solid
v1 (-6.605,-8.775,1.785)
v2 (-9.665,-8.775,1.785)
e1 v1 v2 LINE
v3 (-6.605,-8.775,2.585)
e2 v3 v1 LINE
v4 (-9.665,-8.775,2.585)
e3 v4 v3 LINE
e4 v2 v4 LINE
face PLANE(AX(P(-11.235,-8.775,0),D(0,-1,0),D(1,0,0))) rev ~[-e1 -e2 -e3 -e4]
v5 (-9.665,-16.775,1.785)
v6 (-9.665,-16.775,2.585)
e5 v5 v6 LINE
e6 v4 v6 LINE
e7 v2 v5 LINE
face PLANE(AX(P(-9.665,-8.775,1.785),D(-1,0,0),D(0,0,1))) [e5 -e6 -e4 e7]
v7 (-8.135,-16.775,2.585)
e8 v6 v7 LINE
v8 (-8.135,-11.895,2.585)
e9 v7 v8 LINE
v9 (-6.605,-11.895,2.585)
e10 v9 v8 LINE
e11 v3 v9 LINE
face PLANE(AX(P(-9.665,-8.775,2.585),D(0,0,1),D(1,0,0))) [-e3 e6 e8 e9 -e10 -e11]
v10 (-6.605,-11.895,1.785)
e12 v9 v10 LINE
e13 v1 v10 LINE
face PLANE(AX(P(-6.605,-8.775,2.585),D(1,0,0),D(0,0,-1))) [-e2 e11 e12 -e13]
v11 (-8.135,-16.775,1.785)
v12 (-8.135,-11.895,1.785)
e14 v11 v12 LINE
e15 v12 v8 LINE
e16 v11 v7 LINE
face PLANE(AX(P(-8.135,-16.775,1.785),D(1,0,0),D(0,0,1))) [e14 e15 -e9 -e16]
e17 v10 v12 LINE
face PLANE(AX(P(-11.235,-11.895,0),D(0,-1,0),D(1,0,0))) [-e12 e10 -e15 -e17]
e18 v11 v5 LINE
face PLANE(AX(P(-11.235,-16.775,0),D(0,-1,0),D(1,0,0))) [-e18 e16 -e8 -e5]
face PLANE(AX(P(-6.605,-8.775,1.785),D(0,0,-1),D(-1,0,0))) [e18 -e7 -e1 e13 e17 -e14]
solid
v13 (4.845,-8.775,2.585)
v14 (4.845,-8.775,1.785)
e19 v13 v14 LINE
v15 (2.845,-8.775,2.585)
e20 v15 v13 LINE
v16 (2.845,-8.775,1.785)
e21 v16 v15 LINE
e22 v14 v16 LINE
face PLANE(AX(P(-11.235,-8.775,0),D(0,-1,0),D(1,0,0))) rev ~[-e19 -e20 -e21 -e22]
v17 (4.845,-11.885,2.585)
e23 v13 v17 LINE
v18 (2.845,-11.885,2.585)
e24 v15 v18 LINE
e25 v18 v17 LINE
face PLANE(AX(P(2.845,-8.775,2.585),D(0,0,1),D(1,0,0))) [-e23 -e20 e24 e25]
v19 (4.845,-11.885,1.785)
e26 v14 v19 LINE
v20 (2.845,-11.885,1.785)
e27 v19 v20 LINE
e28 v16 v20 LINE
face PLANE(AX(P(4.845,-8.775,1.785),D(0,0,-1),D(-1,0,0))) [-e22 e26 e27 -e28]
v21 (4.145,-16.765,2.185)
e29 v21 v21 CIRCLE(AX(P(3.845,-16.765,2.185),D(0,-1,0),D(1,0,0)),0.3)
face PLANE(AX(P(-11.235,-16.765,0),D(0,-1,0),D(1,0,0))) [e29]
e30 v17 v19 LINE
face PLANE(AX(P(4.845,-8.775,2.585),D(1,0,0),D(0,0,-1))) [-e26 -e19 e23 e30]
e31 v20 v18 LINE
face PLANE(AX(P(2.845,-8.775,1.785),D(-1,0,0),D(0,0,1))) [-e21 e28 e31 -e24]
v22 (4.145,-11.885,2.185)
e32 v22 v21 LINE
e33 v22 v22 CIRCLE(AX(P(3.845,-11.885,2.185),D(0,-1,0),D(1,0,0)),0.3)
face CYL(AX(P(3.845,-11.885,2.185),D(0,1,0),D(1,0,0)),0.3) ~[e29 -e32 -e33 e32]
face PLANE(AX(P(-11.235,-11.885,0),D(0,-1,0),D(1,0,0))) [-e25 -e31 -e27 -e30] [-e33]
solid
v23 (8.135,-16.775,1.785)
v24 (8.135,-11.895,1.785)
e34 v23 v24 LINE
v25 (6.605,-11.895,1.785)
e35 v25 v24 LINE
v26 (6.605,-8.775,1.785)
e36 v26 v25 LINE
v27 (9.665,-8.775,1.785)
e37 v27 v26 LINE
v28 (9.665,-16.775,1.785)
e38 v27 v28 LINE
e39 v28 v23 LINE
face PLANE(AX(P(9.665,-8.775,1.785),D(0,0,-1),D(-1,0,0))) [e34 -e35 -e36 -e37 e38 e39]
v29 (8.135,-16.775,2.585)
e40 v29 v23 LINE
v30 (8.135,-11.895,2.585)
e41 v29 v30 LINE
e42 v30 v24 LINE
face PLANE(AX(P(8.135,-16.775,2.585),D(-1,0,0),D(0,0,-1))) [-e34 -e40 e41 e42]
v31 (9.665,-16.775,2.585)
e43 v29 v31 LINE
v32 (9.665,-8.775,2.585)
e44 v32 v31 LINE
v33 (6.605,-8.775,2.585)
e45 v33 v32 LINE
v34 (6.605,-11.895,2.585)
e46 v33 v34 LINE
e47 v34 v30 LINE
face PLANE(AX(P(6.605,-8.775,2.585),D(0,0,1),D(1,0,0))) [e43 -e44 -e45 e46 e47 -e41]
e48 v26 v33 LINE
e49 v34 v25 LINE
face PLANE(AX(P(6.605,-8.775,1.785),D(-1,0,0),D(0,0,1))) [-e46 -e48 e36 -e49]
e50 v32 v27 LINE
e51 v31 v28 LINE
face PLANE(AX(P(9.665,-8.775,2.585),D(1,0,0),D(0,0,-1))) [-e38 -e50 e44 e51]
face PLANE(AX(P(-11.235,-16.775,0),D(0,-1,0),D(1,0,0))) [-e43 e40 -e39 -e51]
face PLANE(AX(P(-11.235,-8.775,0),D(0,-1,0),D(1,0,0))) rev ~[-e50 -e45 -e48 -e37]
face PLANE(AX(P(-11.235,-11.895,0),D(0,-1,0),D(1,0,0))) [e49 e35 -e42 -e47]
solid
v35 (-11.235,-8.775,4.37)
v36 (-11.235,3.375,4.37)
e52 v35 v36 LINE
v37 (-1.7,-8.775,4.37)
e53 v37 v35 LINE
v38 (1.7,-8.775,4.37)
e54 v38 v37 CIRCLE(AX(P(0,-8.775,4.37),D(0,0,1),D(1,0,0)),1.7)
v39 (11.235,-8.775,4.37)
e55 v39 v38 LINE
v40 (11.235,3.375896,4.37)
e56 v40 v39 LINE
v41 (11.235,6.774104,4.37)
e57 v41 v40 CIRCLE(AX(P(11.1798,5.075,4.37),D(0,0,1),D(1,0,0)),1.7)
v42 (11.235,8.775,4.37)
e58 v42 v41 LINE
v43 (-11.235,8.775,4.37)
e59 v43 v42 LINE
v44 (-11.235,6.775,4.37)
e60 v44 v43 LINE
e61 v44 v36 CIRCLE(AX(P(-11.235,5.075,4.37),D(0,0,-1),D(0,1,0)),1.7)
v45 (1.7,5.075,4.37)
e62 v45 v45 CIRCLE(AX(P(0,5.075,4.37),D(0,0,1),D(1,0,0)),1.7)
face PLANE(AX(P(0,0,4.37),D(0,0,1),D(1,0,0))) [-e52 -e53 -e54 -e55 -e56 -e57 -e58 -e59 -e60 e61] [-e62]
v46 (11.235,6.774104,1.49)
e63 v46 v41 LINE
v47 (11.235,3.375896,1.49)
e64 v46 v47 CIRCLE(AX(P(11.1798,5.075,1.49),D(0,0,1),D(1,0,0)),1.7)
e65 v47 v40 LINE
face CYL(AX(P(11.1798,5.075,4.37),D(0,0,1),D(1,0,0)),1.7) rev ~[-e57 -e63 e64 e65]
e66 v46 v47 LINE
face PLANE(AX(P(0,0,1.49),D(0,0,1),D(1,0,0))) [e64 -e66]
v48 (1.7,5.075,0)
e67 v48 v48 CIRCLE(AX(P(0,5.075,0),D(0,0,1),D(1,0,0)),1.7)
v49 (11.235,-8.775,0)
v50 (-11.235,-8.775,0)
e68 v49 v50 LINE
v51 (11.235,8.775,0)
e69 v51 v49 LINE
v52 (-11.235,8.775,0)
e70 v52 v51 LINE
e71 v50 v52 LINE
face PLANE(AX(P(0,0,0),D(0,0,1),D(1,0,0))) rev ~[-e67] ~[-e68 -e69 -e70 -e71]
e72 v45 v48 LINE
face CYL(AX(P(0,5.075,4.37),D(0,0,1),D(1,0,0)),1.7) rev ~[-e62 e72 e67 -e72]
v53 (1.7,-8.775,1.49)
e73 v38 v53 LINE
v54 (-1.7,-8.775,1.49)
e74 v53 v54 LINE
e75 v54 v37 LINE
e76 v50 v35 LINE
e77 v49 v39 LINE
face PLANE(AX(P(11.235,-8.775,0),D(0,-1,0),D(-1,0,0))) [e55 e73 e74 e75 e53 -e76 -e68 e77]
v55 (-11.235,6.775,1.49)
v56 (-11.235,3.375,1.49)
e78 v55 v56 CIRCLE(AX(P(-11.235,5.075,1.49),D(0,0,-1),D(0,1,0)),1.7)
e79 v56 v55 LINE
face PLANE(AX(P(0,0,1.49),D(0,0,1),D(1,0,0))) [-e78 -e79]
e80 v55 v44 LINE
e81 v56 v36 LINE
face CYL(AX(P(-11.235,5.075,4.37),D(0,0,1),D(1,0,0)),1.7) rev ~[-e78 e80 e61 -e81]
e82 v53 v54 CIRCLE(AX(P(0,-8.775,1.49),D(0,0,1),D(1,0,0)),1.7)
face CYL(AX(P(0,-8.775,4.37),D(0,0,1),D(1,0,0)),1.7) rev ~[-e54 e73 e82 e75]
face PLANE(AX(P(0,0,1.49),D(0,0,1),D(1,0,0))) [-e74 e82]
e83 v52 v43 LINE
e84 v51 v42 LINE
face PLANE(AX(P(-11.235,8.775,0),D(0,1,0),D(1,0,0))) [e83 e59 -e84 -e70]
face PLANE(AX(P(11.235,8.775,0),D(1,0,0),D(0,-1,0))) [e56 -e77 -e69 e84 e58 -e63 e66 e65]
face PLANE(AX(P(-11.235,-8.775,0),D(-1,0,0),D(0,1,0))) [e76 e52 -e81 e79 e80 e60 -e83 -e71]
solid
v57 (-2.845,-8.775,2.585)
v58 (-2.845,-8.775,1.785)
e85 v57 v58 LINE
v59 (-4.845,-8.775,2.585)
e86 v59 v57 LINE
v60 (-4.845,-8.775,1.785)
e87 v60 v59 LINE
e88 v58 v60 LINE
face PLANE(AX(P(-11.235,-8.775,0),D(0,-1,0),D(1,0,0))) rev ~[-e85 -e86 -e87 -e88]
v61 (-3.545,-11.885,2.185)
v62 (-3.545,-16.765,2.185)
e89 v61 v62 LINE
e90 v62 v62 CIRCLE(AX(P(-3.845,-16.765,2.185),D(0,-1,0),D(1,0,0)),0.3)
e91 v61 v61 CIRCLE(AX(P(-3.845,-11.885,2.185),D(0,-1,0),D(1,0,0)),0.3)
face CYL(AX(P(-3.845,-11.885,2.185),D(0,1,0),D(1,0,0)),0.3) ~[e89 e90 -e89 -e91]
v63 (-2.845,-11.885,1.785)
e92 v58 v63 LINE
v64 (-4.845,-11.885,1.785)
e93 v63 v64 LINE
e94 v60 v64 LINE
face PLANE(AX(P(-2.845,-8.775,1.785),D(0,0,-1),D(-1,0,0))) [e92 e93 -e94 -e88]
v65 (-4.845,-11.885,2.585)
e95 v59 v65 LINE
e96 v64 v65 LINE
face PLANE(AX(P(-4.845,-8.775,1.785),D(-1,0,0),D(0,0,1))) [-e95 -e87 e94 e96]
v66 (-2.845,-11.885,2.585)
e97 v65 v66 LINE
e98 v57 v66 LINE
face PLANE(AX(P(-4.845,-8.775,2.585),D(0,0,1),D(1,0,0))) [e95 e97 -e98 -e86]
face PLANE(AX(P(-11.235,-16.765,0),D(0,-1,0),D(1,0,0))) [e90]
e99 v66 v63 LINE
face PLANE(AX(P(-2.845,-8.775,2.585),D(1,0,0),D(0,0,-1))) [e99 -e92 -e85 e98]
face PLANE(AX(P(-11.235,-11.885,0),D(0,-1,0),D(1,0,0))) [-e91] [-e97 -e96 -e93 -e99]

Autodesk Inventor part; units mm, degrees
ref_plane "YZ Plane" through (0, 0, 0) normal (1, 0, 0) x (0, 1, 0)
ref_plane "XZ Plane" through (0, 0, 0) normal (0, 1, 0) x (-1, 0, 0)
ref_plane "XY Plane" through (0, 0, 0) normal (0, 0, 1) x (1, 0, 0)
sketch "Skizze1" plane through (0, 0, 0) normal (0, 0, 1) x (1, 0, 0)
  line L0 (-11.235, 8.775) -> (11.235, 8.775)
  line L1 (11.235, 8.775) -> (11.235, -8.775)
  line L2 (11.235, -8.775) -> (-11.235, -8.775)
  line L3 (-11.235, -8.775) -> (-11.235, 8.775)
  line L4 (-11.235, 8.775) -> (11.235, -8.775) construction
  point P0 (0, 0)
  point P1 (0, 0)
  dimension "d0" = 22.47
  dimension "d1" = 17.55
extrude "Extrusion1" add sketch "Skizze1" along normal blind 4.37
sketch "Skizze2" plane through (0, 0, 4.37) normal (0, 0, 1) x (1, 0, 0)
  line L0 (11.235, 8.775) -> (-11.235, 8.775) construction
  line L1 (-11.235, 8.775) -> (-11.235, 6.775) construction
  line L2 (-11.235, 8.775) -> (-11.235, -8.775) construction
  line L3 (-11.235, 6.775) -> (0, 6.775) construction
  line L4 (0, 6.775) -> (0, 5.075) construction
  circle A0 centre (0, 5.075) radius 1.7
  point P0 (0, 0)
  dimension "d4" = 2
  dimension "d5" = 1.7
  dimension "d6" = 3.4
extrude "Extrusion2" cut sketch "Skizze2" against normal blind 4.37
sketch "Skizze4" plane through (0, 0, 4.37) normal (0, 0, 1) x (1, 0, 0)
  circle A0 centre (0, 5.075) radius 1.7 projected
  line L0 (-11.235, 8.775) -> (-11.235, -8.775) construction
  line L1 (-11.235, 5.075) -> (11.1798, 5.075) construction
  circle A1 centre (-11.235, 5.075) radius 1.7
  circle A2 centre (11.1798, 5.075) radius 1.7
  line L2 (-11.235, -8.775) -> (11.235, -8.775) construction
  circle A3 centre (0, -8.775) radius 1.7
  point P0 (0, 0)
  dimension "d14" = 3.4
  dimension "d15" = 3.4
  dimension "d16" = 3.4
extrude "Extrusion4" cut sketch "Skizze4" against normal blind 2.88 contours A1 | A2 | A3
sketch "Skizze5" plane through (-11.235, -8.775, 0) normal (0, -1, 0) x (1, 0, 0)
  line L0 (9.535, 1.49) -> (9.535, 4.37) projected
  line L1 (0, 4.37) -> (9.535, 4.37) projected
  line L2 (0, 0) -> (0, 4.37) projected
  line L3 (22.47, 0) -> (0, 0) projected
  line L4 (22.47, 0) -> (22.47, 4.37) projected
  line L5 (12.935, 4.37) -> (22.47, 4.37) projected
  line L6 (12.935, 4.37) -> (12.935, 1.49) projected
  line L7 (12.935, 1.49) -> (9.535, 1.49) projected
  line L8 (0, 0) -> (0, 4.37) projected
  line L9 (0, 2.185) -> (1.57, 2.185) construction
  line L10 (22.47, 0) -> (22.47, 4.37) projected
  line L11 (22.47, 2.185) -> (20.9, 2.185) construction
  line L12 (1.57, 2.585) -> (4.63, 2.585)
  line L13 (4.63, 2.585) -> (4.63, 1.785)
  line L14 (4.63, 1.785) -> (1.57, 1.785)
  line L15 (1.57, 1.785) -> (1.57, 2.585)
  line L16 (17.84, 2.585) -> (20.9, 2.585)
  line L17 (20.9, 2.585) -> (20.9, 1.785)
  line L18 (20.9, 1.785) -> (17.84, 1.785)
  line L19 (17.84, 1.785) -> (17.84, 2.585)
  point P0 (11.235, 0)
  dimension "d19" = 1.57
  dimension "d20" = 1.57
  dimension "d21" = 3.06
  dimension "d22" = 0.8
  dimension "d23" = 3.06
  dimension "d24" = 0.8
extrude "Extrusion5" add sketch "Skizze5" along normal blind 8 separate body contours L12 L13 L14 L15 | L16 L17 L18 L19
sketch "Skizze6" plane through (-11.235, -16.775, 0) normal (0, -1, 0) x (1, 0, 0)
  line L0 (1.57, 1.785) -> (1.57, 2.585) construction
  line L1 (1.57, 2.185) -> (3.11, 2.185) construction
  line L2 (20.9, 1.785) -> (20.9, 2.585) construction
  line L3 (20.9, 2.185) -> (19.36, 2.185) construction
  line L4 (4.63, 2.585) -> (4.63, 1.785) projected
  line L5 (4.63, 2.585) -> (1.57, 2.585) projected
  line L6 (4.63, 1.785) -> (3.1, 1.785)
  line L7 (3.1, 1.785) -> (3.1, 2.585)
  line L8 (3.1, 2.585) -> (4.63, 2.585)
  line L9 (4.63, 2.585) -> (4.63, 1.785)
  line L10 (17.84, 2.585) -> (17.84, 1.785) projected
  line L11 (17.84, 1.785) -> (20.9, 1.785) projected
  line L12 (17.84, 2.585) -> (19.37, 2.585)
  line L13 (19.37, 2.585) -> (19.37, 1.785)
  line L14 (19.37, 1.785) -> (17.84, 1.785)
  line L15 (17.84, 1.785) -> (17.84, 2.585)
  point P0 (11.235, 0)
  dimension "d27" = 1.54
  dimension "d28" = 1.54
extrude "Extrusion6" cut sketch "Skizze6" against normal blind 4.88 bodies 2
sketch "Skizze7" plane through (-11.235, -8.775, 0) normal (0, -1, 0) x (1, 0, 0)
  line L0 (4.63, 2.585) -> (4.63, 1.785) construction
  line L1 (4.63, 2.185) -> (6.39, 2.185) construction
  line L2 (17.84, 2.585) -> (17.84, 1.785) construction
  line L3 (17.84, 2.185) -> (16.08, 2.185) construction
  line L4 (6.39, 2.585) -> (8.39, 2.585)
  line L5 (8.39, 2.585) -> (8.39, 1.785)
  line L6 (8.39, 1.785) -> (6.39, 1.785)
  line L7 (6.39, 1.785) -> (6.39, 2.585)
  line L8 (14.08, 2.585) -> (16.08, 2.585)
  line L9 (16.08, 2.585) -> (16.08, 1.785)
  line L10 (16.08, 1.785) -> (14.08, 1.785)
  line L11 (14.08, 1.785) -> (14.08, 2.585)
  point P0 (11.235, 0)
  dimension "d31" = 1.76
  dimension "d32" = 1.76
  dimension "d33" = 2
  dimension "d34" = 0.8
  dimension "d35" = 2
  dimension "d36" = 0.8
extrude "Extrusion7" add sketch "Skizze7" along normal blind 3.11 separate body
sketch "Skizze8" plane through (-11.235, -11.885, 0) normal (0, -1, 0) x (1, 0, 0)
  line L0 (8.39, 2.585) -> (6.39, 2.585) projected
  line L1 (6.39, 2.585) -> (6.39, 1.785) projected
  line L2 (6.39, 1.785) -> (8.39, 1.785) projected
  line L3 (8.39, 1.785) -> (8.39, 2.585) projected
  line L4 (16.08, 2.585) -> (14.08, 2.585) projected
  line L5 (14.08, 2.585) -> (14.08, 1.785) projected
  line L6 (14.08, 1.785) -> (16.08, 1.785) projected
  line L7 (16.08, 1.785) -> (16.08, 2.585) projected
  line L8 (6.39, 2.585) -> (8.39, 2.585) projected
  line L9 (8.39, 2.585) -> (8.39, 1.785) projected
  line L10 (6.39, 2.585) -> (8.39, 1.785) construction
  line L11 (16.08, 2.585) -> (14.08, 2.585) construction
  line L12 (14.08, 2.585) -> (16.08, 1.785) construction
  circle A0 centre (7.39, 2.185) radius 0.3
  circle A1 centre (15.08, 2.185) radius 0.3
  point P0 (11.235, 0)
  dimension "d39" = 0.6
  dimension "d40" = 0.6
extrude "Extrusion8" add sketch "Skizze8" along normal blind 4.88 contours A0 | A1 bodies 3
properties part number "schunt"
